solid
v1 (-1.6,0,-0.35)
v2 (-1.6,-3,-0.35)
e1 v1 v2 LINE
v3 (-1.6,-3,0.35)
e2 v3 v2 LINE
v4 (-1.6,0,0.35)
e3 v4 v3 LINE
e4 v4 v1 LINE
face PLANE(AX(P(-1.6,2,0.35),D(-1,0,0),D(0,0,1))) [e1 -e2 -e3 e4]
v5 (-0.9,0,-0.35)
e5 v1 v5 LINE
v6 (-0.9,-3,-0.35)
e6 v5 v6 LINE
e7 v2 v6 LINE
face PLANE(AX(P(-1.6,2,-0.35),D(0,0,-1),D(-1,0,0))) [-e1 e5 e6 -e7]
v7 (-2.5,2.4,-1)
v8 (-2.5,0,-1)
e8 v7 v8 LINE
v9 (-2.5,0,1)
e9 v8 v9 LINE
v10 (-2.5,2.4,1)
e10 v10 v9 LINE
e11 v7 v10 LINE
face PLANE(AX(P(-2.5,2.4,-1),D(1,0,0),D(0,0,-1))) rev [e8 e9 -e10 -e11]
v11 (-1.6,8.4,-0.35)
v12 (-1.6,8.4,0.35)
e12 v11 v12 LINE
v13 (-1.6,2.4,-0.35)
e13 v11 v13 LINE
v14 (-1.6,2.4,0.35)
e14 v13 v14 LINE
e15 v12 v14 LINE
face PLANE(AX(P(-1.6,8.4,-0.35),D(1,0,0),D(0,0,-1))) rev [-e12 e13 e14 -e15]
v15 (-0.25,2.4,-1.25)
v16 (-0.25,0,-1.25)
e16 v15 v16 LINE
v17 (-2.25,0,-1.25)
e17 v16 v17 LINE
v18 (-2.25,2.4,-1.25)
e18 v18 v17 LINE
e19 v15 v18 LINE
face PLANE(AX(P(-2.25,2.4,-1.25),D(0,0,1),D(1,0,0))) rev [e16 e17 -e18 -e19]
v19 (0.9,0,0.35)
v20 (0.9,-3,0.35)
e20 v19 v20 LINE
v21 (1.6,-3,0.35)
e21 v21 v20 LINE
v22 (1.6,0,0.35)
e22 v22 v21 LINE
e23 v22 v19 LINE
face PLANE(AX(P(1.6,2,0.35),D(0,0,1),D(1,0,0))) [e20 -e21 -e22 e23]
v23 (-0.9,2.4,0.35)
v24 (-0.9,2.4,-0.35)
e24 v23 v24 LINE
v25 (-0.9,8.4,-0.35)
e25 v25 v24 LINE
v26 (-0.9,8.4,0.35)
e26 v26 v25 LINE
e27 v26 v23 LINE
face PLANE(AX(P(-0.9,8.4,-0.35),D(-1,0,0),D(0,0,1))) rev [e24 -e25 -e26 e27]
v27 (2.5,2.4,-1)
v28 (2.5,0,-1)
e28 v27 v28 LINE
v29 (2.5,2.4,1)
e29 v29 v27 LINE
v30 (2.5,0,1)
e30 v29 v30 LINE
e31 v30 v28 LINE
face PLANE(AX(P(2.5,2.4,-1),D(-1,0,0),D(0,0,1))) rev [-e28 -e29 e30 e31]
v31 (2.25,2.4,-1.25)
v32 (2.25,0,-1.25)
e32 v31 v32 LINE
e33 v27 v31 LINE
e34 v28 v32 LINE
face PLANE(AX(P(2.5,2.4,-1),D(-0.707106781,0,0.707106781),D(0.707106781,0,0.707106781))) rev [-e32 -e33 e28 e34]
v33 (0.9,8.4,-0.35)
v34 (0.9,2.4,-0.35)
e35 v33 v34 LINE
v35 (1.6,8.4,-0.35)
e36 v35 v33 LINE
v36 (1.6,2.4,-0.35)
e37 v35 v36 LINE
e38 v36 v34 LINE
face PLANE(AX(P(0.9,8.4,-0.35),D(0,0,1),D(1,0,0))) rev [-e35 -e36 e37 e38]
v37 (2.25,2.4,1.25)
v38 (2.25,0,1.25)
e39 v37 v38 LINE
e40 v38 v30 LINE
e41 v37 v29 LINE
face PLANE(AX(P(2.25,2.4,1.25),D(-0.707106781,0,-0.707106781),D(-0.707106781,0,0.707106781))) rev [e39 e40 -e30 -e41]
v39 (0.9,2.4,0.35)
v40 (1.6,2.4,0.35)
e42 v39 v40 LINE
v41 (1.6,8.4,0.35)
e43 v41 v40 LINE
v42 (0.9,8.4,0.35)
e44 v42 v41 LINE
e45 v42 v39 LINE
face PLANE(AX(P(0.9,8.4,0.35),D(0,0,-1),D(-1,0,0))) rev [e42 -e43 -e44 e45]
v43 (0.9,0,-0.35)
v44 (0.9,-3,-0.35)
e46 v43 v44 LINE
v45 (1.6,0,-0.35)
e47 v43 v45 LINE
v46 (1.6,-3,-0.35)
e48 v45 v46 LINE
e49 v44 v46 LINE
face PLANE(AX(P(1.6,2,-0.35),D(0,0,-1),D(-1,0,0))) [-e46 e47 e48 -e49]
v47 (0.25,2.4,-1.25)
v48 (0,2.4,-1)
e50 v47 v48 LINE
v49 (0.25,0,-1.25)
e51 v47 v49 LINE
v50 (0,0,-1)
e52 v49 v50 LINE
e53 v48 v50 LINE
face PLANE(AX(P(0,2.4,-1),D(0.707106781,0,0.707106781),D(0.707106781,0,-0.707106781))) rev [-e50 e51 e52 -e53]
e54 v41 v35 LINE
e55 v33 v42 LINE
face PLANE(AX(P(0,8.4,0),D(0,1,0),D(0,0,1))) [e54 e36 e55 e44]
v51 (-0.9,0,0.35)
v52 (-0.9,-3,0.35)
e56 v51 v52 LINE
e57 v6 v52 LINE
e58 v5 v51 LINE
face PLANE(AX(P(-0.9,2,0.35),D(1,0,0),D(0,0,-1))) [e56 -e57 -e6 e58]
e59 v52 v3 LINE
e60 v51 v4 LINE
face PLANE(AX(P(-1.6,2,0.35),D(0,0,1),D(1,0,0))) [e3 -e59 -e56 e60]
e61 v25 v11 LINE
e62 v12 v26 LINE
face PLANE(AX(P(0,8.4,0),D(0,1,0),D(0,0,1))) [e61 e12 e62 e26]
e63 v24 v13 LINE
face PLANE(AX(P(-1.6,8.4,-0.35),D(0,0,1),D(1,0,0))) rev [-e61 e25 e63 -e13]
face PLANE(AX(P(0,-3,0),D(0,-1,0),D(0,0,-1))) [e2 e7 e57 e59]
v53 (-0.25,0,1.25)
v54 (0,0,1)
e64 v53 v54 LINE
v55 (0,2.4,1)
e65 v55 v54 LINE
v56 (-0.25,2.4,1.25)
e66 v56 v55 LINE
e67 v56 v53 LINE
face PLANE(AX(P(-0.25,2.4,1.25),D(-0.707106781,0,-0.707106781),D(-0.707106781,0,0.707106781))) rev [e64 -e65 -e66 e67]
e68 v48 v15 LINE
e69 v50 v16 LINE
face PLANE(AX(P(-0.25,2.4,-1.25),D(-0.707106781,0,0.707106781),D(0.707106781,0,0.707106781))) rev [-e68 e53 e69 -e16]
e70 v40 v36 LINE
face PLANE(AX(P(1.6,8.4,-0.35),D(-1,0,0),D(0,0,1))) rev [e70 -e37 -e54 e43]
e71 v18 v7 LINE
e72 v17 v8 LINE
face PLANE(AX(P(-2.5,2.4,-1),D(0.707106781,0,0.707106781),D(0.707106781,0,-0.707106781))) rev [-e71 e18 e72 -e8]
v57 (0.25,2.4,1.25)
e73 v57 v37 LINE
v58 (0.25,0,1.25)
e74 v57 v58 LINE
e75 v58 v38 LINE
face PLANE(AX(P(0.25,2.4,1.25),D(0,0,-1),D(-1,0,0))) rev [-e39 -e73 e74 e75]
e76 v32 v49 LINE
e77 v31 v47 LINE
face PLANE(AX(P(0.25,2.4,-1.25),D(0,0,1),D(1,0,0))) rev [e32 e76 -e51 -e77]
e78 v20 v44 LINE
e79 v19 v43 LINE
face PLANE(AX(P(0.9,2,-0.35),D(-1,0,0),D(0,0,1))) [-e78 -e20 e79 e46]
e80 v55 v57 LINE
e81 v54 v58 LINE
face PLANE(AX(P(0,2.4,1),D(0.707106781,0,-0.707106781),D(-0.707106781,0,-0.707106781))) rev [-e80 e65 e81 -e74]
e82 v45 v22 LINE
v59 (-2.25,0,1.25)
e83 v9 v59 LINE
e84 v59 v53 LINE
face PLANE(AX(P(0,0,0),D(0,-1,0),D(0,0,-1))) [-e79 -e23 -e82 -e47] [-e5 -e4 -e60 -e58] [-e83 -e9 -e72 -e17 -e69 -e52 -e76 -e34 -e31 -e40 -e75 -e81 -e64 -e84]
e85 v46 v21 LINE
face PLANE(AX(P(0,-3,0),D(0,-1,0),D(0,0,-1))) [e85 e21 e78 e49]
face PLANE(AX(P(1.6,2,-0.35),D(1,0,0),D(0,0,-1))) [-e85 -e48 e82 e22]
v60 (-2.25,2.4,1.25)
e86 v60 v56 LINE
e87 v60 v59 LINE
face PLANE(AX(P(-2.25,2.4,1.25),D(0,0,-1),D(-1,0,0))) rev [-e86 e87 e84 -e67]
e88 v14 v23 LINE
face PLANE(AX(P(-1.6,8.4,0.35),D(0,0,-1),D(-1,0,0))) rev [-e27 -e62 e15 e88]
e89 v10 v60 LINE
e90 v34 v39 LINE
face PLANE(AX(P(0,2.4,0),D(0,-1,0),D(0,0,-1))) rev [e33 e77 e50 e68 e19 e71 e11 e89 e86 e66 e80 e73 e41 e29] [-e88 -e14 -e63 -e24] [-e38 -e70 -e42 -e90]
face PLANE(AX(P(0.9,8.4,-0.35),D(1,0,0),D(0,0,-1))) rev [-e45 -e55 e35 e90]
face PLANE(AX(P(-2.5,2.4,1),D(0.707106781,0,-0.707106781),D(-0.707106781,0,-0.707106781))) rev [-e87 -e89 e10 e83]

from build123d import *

# Parameters (mm, degrees)
SALIENTE_EXTRUIR1_DEPTH      = 2.4
CROQUIS2_W                   = 0.7
CROQUIS2_H                   = 0.7
SALIENTE_EXTRUIR2_DEPTH      = 6
SALIENTE_EXTRUIR3_DEPTH      = 3
SALIENTE_EXTRUIR3_DEPTH_BACK = 2
CROQUIS3_W                   = 0.7
CROQUIS3_H                   = 0.7


with BuildPart() as part:
    # Croquis1 → Saliente-Extruir1 (new body)
    with BuildSketch(Plane(origin=(0, 0, 0), x_dir=(1, 0, 0), z_dir=(0, 1, 0))):
        Polygon((-2.25, 1.25), (-0.25, 1.25), (0, 1), (0.25, 1.25), (2.25, 1.25), (2.5, 1), (2.5, -1), (2.25, -1.25), (0.25, -1.25), (0, -1), (-0.25, -1.25), (-2.25, -1.25), (-2.5, -1), (-2.5, 1), align=None)
    extrude(amount=SALIENTE_EXTRUIR1_DEPTH)

    # Croquis2 → Saliente-Extruir2 (add)
    with BuildSketch(Plane(origin=(0, 2.4, 0), x_dir=(1, 0, 0), z_dir=(0, 1, 0))):
        with Locations((-1.25, 0)):
            Rectangle(CROQUIS2_W, CROQUIS2_H)
        with Locations((1.25, 0)):
            Rectangle(CROQUIS2_W, CROQUIS2_H)
    extrude(amount=SALIENTE_EXTRUIR2_DEPTH)

    # Croquis3 → Saliente-Extruir3 (add, two sides: drawn at the far end of the back side and taken through both)
    with BuildSketch(Plane.XZ.offset(-SALIENTE_EXTRUIR3_DEPTH_BACK)):
        with Locations((-1.25, 0)):
            Rectangle(CROQUIS3_W, CROQUIS3_H)
        with Locations((1.25, 0)):
            Rectangle(CROQUIS3_W, CROQUIS3_H)
    extrude(amount=SALIENTE_EXTRUIR3_DEPTH + SALIENTE_EXTRUIR3_DEPTH_BACK)


solid = part.part
